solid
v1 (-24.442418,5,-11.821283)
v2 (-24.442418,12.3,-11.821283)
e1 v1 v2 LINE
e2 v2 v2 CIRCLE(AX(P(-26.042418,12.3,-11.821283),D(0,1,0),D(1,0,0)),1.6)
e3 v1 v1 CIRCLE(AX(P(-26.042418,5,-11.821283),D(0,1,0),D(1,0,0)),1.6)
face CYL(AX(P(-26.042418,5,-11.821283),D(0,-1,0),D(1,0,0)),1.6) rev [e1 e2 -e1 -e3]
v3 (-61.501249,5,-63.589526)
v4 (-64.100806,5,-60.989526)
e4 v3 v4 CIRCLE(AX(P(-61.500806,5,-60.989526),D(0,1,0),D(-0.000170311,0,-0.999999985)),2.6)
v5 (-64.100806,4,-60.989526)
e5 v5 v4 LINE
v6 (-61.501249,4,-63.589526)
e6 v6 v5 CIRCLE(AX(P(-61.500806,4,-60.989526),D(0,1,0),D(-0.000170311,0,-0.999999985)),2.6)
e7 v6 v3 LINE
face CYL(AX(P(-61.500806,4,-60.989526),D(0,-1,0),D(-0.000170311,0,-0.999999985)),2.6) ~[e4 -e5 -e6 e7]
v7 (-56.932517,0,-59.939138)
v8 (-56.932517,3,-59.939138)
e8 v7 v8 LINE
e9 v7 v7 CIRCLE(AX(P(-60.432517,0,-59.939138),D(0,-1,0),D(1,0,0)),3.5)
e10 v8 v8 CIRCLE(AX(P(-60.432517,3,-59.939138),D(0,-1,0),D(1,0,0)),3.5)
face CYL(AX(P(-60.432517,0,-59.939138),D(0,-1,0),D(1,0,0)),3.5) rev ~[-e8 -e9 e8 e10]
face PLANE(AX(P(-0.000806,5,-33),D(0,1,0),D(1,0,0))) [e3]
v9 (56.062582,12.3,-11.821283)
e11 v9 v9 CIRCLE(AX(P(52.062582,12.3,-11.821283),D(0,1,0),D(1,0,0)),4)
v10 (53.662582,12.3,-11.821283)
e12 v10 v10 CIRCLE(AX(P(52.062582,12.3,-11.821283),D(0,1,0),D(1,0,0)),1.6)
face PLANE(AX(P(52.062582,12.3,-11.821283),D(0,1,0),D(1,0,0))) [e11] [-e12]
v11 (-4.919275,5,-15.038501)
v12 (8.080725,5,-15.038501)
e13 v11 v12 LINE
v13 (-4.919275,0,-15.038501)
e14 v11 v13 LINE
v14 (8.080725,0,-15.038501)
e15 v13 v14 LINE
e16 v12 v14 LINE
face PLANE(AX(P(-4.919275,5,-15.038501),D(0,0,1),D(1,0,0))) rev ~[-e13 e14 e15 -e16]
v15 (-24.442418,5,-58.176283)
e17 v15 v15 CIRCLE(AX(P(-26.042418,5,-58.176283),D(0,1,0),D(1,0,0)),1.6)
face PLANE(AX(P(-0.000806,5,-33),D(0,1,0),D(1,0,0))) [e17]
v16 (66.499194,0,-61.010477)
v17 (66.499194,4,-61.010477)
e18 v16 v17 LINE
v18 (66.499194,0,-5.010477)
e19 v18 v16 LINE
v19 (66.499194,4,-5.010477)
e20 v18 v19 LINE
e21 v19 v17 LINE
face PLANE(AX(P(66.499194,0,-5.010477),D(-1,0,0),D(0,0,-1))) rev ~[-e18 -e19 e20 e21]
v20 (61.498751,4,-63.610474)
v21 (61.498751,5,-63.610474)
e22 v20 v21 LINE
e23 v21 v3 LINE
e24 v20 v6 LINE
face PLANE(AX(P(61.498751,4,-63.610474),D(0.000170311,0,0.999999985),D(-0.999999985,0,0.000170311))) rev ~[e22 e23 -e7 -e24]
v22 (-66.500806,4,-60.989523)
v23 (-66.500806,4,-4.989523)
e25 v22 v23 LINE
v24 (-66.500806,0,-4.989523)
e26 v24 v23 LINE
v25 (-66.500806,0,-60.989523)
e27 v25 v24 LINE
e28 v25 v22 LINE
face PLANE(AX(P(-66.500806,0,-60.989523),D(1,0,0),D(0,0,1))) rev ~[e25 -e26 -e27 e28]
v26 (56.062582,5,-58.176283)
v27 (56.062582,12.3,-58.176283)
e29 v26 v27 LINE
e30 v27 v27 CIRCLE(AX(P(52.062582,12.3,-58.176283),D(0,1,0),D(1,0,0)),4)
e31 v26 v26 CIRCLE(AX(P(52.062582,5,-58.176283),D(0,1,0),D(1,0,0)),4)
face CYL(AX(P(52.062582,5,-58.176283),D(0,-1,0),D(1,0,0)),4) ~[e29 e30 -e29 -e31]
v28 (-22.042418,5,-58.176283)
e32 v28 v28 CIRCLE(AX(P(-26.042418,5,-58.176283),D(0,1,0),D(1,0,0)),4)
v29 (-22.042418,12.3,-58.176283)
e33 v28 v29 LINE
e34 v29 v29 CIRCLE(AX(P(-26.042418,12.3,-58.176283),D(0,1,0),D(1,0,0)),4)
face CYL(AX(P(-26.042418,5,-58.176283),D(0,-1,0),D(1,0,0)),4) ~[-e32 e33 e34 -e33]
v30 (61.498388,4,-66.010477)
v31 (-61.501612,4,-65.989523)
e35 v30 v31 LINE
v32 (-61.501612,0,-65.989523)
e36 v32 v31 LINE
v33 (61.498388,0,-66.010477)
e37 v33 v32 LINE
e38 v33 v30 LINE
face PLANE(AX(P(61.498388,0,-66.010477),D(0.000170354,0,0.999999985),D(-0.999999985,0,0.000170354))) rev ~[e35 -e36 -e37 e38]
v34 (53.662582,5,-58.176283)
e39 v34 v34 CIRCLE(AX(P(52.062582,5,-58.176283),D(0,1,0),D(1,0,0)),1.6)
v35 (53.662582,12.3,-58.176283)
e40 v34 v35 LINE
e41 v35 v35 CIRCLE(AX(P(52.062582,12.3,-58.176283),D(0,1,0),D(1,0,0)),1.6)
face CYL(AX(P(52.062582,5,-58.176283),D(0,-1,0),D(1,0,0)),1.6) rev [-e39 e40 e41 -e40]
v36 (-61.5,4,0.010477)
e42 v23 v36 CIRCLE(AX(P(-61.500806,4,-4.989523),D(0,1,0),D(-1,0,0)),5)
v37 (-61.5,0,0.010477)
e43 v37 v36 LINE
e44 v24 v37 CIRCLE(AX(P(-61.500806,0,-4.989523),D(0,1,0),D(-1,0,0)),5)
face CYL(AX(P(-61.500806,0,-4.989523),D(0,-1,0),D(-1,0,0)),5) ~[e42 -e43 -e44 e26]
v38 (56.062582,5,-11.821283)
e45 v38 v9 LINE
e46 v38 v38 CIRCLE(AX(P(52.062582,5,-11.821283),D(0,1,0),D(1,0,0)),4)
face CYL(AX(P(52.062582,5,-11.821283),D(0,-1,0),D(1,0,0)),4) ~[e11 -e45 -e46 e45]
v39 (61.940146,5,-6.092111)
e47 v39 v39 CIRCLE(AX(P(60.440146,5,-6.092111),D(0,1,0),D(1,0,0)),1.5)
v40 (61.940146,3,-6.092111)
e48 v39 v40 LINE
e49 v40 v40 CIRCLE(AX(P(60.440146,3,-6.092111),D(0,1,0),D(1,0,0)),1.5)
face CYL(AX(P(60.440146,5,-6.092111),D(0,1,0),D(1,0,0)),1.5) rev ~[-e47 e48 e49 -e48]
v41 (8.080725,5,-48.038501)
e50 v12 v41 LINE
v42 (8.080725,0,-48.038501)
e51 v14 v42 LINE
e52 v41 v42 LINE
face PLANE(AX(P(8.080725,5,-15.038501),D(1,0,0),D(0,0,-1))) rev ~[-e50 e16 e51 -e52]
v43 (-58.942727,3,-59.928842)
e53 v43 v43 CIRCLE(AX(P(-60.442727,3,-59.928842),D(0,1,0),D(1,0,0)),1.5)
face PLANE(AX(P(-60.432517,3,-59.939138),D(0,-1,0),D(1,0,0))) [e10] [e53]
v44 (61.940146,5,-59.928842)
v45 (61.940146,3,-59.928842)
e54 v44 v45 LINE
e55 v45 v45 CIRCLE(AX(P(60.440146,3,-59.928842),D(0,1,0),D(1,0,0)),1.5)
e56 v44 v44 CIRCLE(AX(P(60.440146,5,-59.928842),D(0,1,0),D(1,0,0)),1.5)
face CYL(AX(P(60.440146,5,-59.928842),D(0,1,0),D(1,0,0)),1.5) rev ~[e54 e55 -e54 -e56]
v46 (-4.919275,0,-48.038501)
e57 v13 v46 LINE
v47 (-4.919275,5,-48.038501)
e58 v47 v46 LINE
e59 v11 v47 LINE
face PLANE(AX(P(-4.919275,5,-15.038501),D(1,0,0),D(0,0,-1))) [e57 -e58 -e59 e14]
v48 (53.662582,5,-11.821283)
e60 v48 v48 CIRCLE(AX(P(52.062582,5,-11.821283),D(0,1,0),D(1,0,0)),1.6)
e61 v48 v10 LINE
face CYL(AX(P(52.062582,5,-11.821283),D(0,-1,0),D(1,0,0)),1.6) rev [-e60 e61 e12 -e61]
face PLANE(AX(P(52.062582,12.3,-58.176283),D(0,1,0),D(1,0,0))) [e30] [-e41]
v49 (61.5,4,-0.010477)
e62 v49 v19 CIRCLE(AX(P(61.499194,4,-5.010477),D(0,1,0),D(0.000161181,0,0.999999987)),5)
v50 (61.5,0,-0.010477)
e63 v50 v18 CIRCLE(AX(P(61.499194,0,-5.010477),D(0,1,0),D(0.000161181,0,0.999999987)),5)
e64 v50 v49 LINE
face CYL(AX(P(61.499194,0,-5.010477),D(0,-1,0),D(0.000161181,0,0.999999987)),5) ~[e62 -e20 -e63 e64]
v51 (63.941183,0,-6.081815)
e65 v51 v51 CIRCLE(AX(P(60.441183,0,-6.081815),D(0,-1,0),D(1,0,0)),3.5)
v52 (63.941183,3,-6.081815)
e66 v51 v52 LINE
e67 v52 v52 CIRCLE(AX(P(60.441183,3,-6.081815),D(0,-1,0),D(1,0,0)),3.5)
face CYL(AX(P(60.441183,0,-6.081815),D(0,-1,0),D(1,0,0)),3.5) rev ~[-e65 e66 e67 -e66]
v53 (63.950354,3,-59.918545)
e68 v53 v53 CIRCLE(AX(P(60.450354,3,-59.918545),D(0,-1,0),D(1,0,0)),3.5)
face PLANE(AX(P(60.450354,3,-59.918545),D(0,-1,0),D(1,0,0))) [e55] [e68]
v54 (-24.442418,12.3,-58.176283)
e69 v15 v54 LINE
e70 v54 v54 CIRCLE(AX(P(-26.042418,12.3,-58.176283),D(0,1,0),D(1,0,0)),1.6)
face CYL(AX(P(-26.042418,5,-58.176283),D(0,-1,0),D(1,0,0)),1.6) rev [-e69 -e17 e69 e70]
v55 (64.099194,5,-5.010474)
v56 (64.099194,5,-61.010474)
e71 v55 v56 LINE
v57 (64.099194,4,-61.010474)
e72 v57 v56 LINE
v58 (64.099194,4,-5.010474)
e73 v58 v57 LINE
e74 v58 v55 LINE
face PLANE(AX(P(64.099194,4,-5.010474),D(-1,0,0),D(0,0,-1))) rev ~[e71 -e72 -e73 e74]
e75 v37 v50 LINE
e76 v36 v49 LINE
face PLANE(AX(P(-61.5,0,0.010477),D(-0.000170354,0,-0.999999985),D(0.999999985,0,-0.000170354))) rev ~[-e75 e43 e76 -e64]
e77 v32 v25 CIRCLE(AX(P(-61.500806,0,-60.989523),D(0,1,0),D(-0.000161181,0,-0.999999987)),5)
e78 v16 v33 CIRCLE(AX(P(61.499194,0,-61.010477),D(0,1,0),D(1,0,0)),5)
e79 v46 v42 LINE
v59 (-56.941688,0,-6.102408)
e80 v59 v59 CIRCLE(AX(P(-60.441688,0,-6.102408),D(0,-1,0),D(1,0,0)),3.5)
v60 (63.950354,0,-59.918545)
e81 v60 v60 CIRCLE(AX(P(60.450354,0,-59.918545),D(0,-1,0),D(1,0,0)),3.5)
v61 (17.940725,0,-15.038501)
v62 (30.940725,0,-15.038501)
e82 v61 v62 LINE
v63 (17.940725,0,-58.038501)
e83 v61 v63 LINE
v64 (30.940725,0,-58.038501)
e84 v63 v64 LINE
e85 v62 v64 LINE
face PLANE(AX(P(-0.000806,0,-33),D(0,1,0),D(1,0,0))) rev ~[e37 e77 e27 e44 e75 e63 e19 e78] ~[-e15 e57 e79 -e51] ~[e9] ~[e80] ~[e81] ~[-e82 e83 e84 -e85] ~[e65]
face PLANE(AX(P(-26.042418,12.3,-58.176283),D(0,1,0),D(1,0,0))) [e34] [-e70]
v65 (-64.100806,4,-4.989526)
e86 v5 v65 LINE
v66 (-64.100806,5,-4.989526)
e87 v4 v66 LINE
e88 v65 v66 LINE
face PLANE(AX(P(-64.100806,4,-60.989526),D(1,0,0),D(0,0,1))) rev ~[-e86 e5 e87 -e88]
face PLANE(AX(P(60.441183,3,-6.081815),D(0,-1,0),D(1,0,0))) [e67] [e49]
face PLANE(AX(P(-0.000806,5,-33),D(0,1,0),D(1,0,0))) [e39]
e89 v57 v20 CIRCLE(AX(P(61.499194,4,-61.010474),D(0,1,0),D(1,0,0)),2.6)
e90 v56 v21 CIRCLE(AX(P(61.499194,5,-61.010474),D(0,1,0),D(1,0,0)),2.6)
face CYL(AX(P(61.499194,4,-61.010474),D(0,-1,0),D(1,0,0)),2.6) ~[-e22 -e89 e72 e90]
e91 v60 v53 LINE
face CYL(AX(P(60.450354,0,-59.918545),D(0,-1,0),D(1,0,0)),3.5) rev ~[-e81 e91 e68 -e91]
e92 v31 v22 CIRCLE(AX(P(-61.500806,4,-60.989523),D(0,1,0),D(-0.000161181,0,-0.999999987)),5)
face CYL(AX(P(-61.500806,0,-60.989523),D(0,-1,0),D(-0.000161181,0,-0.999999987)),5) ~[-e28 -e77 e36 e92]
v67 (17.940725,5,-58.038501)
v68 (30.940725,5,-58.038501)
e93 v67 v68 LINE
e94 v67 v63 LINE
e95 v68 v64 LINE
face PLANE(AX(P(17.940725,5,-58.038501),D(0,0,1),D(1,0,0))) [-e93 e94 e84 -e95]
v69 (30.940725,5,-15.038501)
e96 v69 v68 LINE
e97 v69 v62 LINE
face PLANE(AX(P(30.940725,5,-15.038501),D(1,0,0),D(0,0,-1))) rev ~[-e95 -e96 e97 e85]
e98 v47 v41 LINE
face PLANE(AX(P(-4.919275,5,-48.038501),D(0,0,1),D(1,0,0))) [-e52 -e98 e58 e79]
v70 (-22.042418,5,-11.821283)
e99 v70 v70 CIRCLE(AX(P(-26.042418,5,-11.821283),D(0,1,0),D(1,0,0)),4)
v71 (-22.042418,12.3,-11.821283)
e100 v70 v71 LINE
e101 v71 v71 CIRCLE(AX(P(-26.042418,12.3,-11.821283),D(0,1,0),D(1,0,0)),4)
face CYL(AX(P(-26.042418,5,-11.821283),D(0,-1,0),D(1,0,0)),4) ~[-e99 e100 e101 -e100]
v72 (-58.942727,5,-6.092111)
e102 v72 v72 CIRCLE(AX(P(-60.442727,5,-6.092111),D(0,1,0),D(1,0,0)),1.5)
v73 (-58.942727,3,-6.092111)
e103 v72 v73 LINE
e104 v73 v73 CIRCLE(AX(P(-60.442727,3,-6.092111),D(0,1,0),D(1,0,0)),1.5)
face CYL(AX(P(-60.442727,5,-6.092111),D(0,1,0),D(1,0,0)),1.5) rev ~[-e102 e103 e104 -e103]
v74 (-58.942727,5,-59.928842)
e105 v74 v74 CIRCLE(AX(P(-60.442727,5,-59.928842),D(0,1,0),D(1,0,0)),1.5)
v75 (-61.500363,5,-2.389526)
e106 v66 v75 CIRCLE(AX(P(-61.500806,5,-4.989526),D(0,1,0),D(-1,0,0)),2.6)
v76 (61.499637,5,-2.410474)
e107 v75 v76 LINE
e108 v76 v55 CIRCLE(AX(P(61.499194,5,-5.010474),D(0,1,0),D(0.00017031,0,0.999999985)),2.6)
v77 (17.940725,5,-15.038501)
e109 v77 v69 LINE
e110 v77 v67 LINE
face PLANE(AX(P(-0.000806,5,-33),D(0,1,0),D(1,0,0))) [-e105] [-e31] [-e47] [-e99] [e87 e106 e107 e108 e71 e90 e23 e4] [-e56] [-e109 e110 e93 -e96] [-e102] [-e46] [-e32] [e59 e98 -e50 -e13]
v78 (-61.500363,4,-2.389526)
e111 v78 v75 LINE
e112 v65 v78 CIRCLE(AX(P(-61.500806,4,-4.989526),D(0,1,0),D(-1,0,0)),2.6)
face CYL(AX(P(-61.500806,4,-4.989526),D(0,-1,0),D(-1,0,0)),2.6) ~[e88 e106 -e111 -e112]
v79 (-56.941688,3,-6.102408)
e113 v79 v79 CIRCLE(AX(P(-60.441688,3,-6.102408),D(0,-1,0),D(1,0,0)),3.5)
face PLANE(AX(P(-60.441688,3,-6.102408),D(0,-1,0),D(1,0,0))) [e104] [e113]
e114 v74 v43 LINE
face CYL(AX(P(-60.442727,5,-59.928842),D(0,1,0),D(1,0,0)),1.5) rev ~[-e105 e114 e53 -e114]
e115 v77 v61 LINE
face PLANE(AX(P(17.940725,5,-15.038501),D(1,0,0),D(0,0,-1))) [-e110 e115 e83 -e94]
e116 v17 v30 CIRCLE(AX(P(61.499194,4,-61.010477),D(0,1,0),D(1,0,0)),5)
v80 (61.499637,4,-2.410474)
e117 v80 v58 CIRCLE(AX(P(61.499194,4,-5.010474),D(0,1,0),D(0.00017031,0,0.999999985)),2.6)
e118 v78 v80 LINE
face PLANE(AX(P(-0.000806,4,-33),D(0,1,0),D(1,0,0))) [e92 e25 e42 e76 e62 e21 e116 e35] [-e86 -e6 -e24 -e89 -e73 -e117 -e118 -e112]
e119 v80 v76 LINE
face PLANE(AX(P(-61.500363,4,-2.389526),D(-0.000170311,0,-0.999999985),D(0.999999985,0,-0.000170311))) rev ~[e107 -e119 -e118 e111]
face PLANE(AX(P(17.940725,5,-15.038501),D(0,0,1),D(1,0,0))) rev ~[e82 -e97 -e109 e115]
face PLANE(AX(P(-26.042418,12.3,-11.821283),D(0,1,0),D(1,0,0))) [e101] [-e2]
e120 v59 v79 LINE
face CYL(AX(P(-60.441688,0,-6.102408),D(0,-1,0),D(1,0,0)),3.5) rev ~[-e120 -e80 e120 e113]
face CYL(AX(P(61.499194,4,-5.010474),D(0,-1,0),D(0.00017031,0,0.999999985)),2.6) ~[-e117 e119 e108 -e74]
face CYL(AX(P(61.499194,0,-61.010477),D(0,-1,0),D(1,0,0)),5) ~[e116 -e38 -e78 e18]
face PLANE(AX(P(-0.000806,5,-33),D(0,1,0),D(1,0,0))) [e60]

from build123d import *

# Parameters (mm, degrees)
EXTRUDE_1_DEPTH     = 4
EXTRUDE_2_DEPTH     = 1
SKETCH_3_W          = 13
SKETCH_3_H          = 43
SKETCH_3_H_2        = 33
CUT_EXTRUDE_1_DEPTH = 6
SKETCH_4_R          = 4
SKETCH_4_R_2        = 1.6
EXTRUDE_4_DEPTH     = 7.3
SKETCH_5_R          = 1.5
CUT_EXTRUDE_2_DEPTH = 7.3
SKETCH_6_R          = 3.5
CUT_EXTRUDE_3_DEPTH = 3


with BuildPart() as part:
    # 스케치1 → 보스-돌출1 (new body)
    with BuildSketch(Plane(origin=(0, 0, 0), x_dir=(1, 0, 0), z_dir=(0, 1, 0))):
        with BuildLine():
            Line((61.498388188, 66.010476517), (-61.501611812, 65.989522963))
            ThreePointArc((-61.501611812, 65.989522963), (-65.036624731, 64.524771992), (-66.500805906, 60.989523028))
            Line((-66.500805906, 60.989523028), (-66.500805906, 4.989523158))
            ThreePointArc((-66.500805906, 4.989523158), (-65.03605487, 1.453704333), (-61.5, -0.010476777))
            Line((-61.5, -0.010476777), (61.5, 0.010476777))
            ThreePointArc((61.5, 0.010476777), (65.035012919, 1.475227749), (66.499194094, 5.010476712))
            Line((66.499194094, 5.010476712), (66.499194094, 61.010476582))
            ThreePointArc((66.499194094, 61.010476582), (65.034443058, 64.546295408), (61.498388188, 66.010476517))
        make_face()
    extrude(amount=EXTRUDE_1_DEPTH)

    # 스케치2 → 보스-돌출2 (add)
    with BuildSketch(Plane(origin=(0, 4, 0), x_dir=(1, 0, 0), z_dir=(0, 1, 0))):
        with BuildLine():
            Line((61.498751287, 63.610473876), (-61.501248713, 63.589525677))
            ThreePointArc((-61.501248713, 63.589525677), (-63.339440086, 62.827846783), (-64.100805906, 60.989525714))
            Line((-64.100805906, 60.989525714), (-64.100805906, 4.989525834))
            ThreePointArc((-64.100805906, 4.989525834), (-63.339126974, 3.150891653), (-61.500363098, 2.389525871))
            Line((-61.500363098, 2.389525871), (61.499636902, 2.410474071))
            ThreePointArc((61.499636902, 2.410474071), (63.337828275, 3.172152965), (64.099194094, 5.010474033))
            Line((64.099194094, 5.010474033), (64.099194094, 61.010473914))
            ThreePointArc((64.099194094, 61.010473914), (63.337515162, 62.849108095), (61.498751287, 63.610473876))
        make_face()
    extrude(amount=EXTRUDE_2_DEPTH)

    # 스케치3 → 컷-돌출1 (cut, through all)
    with BuildSketch(Plane(origin=(0, 5, 0), x_dir=(1, 0, 0), z_dir=(0, 1, 0))):
        with Locations((24.440725111, 36.53850122)):
            Rectangle(SKETCH_3_W, SKETCH_3_H)
        with Locations((1.580725111, 31.53850122)):
            Rectangle(SKETCH_3_W, SKETCH_3_H_2)
    extrude(amount=-CUT_EXTRUDE_1_DEPTH, mode=Mode.SUBTRACT)

    # 스케치4 → 보스-돌출4 (add)
    with BuildSketch(Plane(origin=(0, 5, 0), x_dir=(1, 0, 0), z_dir=(0, 1, 0))):
        with Locations((-26.042417718, 58.176282553)):
            Circle(SKETCH_4_R)
        with Locations((-26.042417718, 58.176282553)):
            Circle(SKETCH_4_R_2, mode=Mode.SUBTRACT)
        with Locations((52.062582282, 58.176282553)):
            Circle(SKETCH_4_R)
        with Locations((52.062582282, 58.176282553)):
            Circle(SKETCH_4_R_2, mode=Mode.SUBTRACT)
        with Locations((-26.042417718, 11.821282553)):
            Circle(SKETCH_4_R)
        with Locations((-26.042417718, 11.821282553)):
            Circle(SKETCH_4_R_2, mode=Mode.SUBTRACT)
        with Locations((52.062582282, 11.821282553)):
            Circle(SKETCH_4_R)
        with Locations((52.062582282, 11.821282553)):
            Circle(SKETCH_4_R_2, mode=Mode.SUBTRACT)
    extrude(amount=EXTRUDE_4_DEPTH)

    # 스케치5 → 컷-돌출2 (cut)
    with BuildSketch(Plane(origin=(0, 5, 0), x_dir=(1, 0, 0), z_dir=(0, 1, 0))):
        with Locations((60.440145734, 59.928842317)):
            Circle(SKETCH_5_R)
        with Locations((60.440145734, 6.092110978)):
            Circle(SKETCH_5_R)
        with Locations((-60.442726529, 59.928842317)):
            Circle(SKETCH_5_R)
        with Locations((-60.442726529, 6.092110978)):
            Circle(SKETCH_5_R)
    extrude(amount=-CUT_EXTRUDE_2_DEPTH, mode=Mode.SUBTRACT)

    # 스케치6 → 컷-돌출3 (cut)
    with BuildSketch(Plane.XZ):
        with Locations((60.450353981, -59.918545221)):
            Circle(SKETCH_6_R)
        with Locations((60.441182673, -6.081814663)):
            Circle(SKETCH_6_R)
        with Locations((-60.432516528, -59.939138113)):
            Circle(SKETCH_6_R)
        with Locations((-60.441687836, -6.102407556)):
            Circle(SKETCH_6_R)
    extrude(amount=-CUT_EXTRUDE_3_DEPTH, mode=Mode.SUBTRACT)


solid = part.part
